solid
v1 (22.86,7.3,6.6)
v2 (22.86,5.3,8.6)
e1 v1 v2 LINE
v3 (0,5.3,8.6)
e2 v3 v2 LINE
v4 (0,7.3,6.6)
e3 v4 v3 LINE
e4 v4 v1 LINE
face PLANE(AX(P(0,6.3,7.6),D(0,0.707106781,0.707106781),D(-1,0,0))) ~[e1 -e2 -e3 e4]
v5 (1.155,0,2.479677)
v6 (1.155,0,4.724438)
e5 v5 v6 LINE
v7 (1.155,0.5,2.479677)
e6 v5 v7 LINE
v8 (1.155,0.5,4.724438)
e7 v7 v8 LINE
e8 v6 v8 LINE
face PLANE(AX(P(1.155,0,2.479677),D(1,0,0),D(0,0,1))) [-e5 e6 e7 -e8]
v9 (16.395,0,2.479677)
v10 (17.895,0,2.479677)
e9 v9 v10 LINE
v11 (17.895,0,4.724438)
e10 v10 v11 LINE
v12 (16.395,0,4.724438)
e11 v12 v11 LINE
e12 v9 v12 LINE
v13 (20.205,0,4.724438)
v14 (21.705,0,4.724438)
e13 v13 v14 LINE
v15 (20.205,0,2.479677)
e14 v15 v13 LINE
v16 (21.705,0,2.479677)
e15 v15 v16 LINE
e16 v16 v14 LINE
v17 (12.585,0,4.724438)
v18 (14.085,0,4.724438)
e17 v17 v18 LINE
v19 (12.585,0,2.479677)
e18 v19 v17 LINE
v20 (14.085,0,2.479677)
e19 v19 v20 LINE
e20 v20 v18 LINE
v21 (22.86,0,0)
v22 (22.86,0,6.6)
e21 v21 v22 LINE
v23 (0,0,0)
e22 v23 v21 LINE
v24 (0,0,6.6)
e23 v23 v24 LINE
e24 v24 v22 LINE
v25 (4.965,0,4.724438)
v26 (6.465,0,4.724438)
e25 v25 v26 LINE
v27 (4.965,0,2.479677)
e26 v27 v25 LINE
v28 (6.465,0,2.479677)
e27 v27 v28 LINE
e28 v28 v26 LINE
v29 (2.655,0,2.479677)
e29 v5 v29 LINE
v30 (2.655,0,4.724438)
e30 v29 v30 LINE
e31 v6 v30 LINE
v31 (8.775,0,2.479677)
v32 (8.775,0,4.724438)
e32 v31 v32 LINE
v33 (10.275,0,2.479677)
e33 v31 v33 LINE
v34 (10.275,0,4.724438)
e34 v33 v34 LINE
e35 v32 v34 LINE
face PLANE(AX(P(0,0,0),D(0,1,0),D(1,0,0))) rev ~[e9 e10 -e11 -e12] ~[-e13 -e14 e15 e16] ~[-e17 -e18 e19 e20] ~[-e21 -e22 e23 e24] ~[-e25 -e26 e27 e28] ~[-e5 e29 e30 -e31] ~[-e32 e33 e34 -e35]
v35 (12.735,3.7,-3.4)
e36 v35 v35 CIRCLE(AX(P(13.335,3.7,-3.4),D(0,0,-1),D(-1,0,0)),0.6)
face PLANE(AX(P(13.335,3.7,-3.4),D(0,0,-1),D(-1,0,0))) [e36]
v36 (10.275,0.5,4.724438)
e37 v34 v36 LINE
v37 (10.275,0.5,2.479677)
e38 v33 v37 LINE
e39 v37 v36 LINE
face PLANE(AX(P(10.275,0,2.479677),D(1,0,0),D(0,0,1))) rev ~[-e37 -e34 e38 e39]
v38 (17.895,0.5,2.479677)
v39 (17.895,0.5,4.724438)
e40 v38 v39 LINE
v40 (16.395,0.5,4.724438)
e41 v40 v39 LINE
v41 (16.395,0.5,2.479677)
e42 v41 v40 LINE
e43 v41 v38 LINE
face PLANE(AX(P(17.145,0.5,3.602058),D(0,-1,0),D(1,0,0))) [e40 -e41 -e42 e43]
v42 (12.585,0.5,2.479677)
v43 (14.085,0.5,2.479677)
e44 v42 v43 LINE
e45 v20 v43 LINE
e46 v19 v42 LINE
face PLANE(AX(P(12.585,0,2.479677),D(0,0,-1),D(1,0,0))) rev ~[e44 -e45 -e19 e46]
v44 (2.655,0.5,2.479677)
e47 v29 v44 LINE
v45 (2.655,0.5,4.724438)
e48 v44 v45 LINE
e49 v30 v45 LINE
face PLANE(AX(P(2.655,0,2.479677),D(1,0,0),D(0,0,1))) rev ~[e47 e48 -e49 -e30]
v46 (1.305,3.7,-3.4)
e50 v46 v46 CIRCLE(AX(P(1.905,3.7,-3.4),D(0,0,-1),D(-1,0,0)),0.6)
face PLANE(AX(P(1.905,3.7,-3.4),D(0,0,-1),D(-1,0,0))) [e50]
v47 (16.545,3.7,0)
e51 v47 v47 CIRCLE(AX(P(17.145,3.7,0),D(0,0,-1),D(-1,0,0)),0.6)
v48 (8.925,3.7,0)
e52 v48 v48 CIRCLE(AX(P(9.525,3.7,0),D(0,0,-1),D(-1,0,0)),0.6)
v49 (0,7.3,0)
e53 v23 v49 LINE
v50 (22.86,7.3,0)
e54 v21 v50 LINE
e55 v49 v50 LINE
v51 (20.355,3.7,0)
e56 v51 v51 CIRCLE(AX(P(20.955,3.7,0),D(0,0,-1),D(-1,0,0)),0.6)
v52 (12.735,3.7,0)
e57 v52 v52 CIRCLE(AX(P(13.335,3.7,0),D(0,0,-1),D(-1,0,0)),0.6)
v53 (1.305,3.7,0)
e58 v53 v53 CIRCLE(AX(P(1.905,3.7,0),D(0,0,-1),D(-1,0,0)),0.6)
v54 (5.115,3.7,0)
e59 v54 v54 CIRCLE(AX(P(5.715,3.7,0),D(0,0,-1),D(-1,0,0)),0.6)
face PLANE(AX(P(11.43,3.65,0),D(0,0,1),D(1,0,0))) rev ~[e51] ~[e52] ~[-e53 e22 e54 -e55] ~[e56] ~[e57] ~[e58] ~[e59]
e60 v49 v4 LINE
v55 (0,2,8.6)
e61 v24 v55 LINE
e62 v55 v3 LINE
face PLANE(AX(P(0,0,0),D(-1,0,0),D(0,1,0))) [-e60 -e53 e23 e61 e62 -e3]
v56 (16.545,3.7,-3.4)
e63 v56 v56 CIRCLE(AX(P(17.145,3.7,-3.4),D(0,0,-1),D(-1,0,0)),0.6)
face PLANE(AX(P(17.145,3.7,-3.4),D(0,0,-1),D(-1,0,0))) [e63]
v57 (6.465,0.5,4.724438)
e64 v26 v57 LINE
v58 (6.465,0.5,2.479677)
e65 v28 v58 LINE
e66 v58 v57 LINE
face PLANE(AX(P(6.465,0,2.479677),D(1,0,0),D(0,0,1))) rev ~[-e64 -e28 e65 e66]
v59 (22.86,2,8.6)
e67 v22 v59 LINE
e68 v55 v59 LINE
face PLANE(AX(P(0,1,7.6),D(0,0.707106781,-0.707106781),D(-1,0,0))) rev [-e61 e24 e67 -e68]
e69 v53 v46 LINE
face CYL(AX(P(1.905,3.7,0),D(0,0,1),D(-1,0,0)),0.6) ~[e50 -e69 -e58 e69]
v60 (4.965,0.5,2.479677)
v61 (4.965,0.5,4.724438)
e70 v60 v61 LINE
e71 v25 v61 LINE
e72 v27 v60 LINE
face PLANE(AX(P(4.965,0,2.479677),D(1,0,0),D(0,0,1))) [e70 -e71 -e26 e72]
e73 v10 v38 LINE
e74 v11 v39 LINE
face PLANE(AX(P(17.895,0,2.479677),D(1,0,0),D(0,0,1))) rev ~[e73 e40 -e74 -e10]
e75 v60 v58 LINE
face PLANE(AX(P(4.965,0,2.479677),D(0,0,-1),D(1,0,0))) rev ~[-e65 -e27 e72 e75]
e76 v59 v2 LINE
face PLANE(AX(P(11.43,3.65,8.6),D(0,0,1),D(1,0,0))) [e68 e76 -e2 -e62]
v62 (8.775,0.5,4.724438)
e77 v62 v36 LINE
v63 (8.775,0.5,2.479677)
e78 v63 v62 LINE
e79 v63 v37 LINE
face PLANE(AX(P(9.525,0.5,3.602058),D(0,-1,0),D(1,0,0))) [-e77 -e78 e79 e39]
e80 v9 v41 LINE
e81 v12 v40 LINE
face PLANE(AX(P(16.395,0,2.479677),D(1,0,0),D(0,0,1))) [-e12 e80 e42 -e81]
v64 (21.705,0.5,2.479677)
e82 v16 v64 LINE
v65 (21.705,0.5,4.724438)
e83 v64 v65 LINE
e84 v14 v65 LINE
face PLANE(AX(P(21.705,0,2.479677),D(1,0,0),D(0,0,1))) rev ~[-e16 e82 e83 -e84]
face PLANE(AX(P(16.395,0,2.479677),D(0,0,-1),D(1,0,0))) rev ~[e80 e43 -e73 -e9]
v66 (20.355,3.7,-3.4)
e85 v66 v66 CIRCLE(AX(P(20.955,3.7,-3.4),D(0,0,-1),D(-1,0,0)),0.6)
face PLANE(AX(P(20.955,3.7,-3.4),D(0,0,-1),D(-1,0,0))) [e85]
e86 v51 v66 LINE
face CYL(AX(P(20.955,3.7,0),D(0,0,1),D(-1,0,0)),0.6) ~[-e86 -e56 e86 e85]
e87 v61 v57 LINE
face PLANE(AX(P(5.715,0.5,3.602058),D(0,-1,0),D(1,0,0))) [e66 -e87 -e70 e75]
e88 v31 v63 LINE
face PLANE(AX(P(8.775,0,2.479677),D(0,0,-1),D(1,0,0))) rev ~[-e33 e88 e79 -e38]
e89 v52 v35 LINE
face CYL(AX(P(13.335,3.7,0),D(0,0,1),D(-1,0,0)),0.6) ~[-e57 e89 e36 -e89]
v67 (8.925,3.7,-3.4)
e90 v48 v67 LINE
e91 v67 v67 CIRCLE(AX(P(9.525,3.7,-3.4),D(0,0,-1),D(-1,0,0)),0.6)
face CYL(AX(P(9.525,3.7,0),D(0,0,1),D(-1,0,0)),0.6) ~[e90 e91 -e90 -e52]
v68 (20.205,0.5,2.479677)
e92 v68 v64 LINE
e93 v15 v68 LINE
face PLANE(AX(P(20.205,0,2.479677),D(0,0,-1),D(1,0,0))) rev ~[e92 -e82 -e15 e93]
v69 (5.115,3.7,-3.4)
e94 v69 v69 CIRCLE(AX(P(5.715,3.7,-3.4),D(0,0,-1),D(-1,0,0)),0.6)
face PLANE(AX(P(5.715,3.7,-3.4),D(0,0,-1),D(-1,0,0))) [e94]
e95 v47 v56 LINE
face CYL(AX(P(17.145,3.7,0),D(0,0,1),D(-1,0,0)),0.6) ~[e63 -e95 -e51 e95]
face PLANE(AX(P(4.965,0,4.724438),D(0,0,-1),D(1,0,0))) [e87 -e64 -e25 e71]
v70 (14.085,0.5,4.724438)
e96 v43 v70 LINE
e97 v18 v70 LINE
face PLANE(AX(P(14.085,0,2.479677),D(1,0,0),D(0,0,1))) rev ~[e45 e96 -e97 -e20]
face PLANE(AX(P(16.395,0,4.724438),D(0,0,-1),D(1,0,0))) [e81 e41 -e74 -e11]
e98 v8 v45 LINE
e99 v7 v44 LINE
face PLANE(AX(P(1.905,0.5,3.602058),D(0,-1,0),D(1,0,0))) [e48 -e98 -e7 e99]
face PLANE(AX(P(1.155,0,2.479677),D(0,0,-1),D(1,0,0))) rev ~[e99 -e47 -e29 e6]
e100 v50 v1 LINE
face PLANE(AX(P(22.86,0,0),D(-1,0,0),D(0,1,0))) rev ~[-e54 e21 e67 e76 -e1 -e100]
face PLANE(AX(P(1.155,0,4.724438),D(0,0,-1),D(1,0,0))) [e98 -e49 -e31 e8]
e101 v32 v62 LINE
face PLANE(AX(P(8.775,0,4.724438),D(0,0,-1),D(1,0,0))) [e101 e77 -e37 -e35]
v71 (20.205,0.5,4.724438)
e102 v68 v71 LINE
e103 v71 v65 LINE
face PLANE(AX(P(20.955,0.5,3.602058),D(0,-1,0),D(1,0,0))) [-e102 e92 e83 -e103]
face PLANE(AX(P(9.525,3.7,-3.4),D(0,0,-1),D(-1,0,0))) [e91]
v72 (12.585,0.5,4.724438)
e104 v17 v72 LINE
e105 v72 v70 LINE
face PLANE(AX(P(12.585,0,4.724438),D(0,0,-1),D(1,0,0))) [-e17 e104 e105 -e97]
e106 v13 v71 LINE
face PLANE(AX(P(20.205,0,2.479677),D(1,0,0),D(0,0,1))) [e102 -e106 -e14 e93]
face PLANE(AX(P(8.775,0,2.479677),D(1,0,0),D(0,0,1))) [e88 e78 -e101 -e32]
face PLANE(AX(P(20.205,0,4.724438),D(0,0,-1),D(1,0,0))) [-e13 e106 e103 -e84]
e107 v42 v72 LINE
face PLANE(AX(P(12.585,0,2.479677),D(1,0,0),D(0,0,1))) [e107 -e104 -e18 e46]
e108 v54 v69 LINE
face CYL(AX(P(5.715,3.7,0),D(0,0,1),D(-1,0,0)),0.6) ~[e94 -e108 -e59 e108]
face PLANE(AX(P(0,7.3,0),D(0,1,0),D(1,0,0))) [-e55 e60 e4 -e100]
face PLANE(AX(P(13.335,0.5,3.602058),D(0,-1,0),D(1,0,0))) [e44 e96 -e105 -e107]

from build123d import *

# Parameters (mm, degrees)
SKETCH_1_W                 = 22.86
SKETCH_1_H                 = 7.3
EXTRUDE_1_DEPTH            = 8.6
CHAMFER_1_SIZE             = 2
SKETCH_2_W                 = 1.5
SKETCH_2_H                 = 2.244760595
CUT_EXTRUDE_1_DEPTH        = 0.5
PATTERN_LINEAR_1_COUNT     = 3
PATTERN_LINEAR_1_PITCH     = 3.81
PATTERN_LINEAR_1_COL_COUNT = 4
PATTERN_LINEAR_1_COL_PITCH = 3.81
SKETCH_3_R                 = 0.6
EXTRUDE_2_DEPTH            = 3.4
PATTERN_LINEAR_2_COUNT     = 4
PATTERN_LINEAR_2_PITCH     = 3.81
PATTERN_LINEAR_2_COL_COUNT = 3
PATTERN_LINEAR_2_COL_PITCH = 3.81
PATTERN_LINEAR_3_COUNT     = 2
PATTERN_LINEAR_3_PITCH     = 3.81


with BuildPart() as part:
    # 草图1 → 凸台-拉伸1 (new body)
    with BuildSketch(Plane.XY):
        with Locations((11.43, 3.65)):
            Rectangle(SKETCH_1_W, SKETCH_1_H)
    extrude(amount=EXTRUDE_1_DEPTH)

    # 倒角1
    chamfer_1_edges = [part.edges().sort_by_distance(p)[0] for p in [
        (11.43, 7.3, 8.6),
        (11.43, 0, 8.6),
    ]]
    chamfer(chamfer_1_edges, length=CHAMFER_1_SIZE)

    # 草图2 → 切除-拉伸1 (cut)
    with BuildSketch(Plane.XZ):
        with Locations((13.335, 3.602057757)):
            Rectangle(SKETCH_2_W, SKETCH_2_H)
    cut_extrude_1 = extrude(amount=-CUT_EXTRUDE_1_DEPTH, mode=Mode.SUBTRACT)

    # 阵列(线性)1: 切除-拉伸1 ×3
    with Locations(*[(i * PATTERN_LINEAR_1_PITCH, 0, 0) for i in range(1, PATTERN_LINEAR_1_COUNT)]):
        add(cut_extrude_1, mode=Mode.SUBTRACT)

    # 阵列(线性)1 col: 切除-拉伸1 ×4
    with Locations(*[(-i * PATTERN_LINEAR_1_COL_PITCH, 0, 0) for i in range(1, PATTERN_LINEAR_1_COL_COUNT)]):
        add(cut_extrude_1, mode=Mode.SUBTRACT)

    # 草图3 → 凸台-拉伸2 (add)
    with BuildSketch(Plane(origin=(0, 0, 0), x_dir=(-1, 0, 0), z_dir=(0, 0, -1))):
        with Locations((-13.335, 3.7)):
            Circle(SKETCH_3_R)
    extrude_2 = extrude(amount=EXTRUDE_2_DEPTH)

    # 阵列(线性)2: 凸台-拉伸2 ×4
    with Locations(*[(-i * PATTERN_LINEAR_2_PITCH, 0, 0) for i in range(1, PATTERN_LINEAR_2_COUNT)]):
        add(extrude_2)

    # 阵列(线性)2 col: 凸台-拉伸2 ×3
    with Locations(*[(i * PATTERN_LINEAR_2_COL_PITCH, 0, 0) for i in range(1, PATTERN_LINEAR_2_COL_COUNT)]):
        add(extrude_2)

    # 阵列(线性)3: 凸台-拉伸2 ×2
    with Locations(*[(-i * PATTERN_LINEAR_3_PITCH, 0, 0) for i in range(1, PATTERN_LINEAR_3_COUNT)]):
        add(extrude_2)


solid = part.part
